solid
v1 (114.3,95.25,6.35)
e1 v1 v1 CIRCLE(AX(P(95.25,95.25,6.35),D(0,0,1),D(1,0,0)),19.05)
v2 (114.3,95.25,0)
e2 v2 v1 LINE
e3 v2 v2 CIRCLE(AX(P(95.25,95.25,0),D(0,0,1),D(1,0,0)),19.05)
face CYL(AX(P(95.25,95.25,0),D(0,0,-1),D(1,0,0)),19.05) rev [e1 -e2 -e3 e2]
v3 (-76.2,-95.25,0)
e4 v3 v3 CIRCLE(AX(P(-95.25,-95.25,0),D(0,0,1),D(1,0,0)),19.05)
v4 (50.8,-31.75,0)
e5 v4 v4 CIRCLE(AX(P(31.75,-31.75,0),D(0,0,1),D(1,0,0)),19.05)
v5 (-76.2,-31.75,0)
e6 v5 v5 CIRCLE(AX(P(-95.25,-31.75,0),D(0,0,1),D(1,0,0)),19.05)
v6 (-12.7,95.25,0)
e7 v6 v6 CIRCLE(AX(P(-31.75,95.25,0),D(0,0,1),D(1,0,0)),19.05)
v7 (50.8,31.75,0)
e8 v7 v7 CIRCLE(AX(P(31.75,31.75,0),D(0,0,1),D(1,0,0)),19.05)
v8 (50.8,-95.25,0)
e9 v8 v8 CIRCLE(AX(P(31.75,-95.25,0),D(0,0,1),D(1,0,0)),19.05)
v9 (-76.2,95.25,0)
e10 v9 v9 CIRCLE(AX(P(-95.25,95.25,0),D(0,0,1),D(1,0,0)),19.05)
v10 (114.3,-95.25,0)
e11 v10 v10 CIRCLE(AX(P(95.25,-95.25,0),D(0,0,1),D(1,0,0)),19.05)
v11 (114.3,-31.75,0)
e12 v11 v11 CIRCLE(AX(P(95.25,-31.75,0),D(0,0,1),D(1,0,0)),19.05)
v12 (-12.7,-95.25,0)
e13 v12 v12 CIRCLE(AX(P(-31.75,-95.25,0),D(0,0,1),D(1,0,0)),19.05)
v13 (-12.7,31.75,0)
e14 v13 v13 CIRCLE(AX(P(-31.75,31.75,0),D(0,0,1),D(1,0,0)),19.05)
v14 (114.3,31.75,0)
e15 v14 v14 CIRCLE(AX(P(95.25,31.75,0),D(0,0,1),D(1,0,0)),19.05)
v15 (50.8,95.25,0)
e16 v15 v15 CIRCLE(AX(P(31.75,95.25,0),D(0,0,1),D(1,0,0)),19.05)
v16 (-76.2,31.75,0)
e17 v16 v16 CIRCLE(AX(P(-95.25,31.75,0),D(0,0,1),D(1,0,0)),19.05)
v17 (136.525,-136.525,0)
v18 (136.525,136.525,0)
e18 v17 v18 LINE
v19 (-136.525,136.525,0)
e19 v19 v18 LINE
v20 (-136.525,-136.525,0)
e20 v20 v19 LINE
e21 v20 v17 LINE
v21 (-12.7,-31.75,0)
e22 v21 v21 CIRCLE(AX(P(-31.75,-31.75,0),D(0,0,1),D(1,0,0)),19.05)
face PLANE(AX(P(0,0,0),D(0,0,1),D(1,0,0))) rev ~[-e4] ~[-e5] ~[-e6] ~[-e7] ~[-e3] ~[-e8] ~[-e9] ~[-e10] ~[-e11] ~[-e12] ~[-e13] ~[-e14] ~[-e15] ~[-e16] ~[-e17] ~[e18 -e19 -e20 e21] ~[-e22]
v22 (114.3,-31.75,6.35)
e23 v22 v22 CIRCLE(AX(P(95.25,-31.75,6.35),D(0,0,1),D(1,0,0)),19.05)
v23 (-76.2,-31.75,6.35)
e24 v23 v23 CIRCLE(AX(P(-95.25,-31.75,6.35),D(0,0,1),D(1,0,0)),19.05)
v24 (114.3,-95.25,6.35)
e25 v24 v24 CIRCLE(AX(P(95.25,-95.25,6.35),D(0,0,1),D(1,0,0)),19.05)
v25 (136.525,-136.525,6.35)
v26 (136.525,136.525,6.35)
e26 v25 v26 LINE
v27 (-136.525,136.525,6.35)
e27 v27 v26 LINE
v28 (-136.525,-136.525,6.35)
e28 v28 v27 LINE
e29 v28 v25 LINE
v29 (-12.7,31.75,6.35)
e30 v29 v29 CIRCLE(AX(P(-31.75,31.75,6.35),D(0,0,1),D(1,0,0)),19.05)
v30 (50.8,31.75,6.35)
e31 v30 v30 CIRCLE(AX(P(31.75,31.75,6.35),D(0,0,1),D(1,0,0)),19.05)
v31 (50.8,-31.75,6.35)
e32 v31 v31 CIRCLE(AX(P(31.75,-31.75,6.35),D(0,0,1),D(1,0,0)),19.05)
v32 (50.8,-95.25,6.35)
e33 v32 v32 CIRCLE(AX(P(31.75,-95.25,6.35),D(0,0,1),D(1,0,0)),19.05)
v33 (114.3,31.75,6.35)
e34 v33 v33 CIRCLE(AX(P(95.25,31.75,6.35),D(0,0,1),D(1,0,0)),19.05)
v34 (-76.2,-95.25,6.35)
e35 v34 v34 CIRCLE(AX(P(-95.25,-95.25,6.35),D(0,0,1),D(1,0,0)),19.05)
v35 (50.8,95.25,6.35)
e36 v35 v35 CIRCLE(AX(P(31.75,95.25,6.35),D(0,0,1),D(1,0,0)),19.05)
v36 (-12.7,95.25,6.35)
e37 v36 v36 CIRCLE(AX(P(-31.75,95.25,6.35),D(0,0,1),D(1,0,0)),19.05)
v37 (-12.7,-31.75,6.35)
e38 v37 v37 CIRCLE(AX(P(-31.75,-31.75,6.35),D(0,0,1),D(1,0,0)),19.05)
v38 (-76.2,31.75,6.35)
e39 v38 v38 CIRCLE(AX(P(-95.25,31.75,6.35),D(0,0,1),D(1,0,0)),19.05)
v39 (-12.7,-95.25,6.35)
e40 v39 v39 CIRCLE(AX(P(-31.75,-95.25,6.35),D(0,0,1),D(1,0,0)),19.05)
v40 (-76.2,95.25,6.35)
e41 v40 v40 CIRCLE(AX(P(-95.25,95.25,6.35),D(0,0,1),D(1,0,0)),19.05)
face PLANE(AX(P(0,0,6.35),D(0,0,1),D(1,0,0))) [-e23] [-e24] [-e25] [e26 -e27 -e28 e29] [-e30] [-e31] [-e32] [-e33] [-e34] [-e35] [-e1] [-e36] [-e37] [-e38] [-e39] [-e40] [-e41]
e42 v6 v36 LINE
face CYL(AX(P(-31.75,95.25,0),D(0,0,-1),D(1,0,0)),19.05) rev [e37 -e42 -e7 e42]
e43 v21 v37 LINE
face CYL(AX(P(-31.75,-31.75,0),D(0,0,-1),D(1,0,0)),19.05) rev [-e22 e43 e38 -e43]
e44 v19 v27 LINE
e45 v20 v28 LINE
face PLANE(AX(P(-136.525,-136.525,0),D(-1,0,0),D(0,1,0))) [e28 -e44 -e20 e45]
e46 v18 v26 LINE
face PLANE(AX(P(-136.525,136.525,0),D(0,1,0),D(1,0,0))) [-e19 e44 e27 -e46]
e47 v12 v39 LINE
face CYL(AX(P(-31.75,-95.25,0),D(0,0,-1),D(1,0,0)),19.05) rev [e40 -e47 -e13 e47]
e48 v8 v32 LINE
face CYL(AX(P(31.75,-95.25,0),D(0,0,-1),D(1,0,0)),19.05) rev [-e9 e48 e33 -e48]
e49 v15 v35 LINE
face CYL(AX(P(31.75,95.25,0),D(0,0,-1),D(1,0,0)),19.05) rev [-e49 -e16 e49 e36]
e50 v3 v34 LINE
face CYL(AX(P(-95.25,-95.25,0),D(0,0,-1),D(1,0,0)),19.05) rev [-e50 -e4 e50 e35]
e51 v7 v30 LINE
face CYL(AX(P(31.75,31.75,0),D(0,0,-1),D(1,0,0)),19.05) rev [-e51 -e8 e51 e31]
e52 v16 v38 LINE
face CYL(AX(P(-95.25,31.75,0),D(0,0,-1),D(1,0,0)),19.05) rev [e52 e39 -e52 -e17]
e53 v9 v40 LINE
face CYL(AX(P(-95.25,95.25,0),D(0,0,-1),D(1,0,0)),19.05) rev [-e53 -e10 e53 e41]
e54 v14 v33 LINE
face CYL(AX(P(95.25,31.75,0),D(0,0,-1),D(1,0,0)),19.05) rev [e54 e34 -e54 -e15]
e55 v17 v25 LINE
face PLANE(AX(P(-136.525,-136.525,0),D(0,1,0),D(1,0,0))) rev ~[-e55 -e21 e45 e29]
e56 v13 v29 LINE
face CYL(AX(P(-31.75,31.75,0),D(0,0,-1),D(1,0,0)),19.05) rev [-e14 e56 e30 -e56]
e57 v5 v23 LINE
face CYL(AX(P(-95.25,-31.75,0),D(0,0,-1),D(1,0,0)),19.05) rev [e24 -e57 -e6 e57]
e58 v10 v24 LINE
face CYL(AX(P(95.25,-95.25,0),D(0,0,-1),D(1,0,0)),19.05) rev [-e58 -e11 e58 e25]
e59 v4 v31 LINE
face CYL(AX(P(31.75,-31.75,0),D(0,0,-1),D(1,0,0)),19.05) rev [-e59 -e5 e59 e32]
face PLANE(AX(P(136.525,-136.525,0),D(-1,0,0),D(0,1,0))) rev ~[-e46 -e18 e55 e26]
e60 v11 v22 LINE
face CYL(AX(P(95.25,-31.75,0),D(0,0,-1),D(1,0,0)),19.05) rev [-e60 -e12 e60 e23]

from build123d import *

# Parameters (mm, degrees)
F0_W     = 273.05
F0_H     = 273.05
F0_R     = 19.05
F1_DEPTH = 6.35


with BuildPart() as f1:
    # F0 (on Top) → F1 (new body)
    with BuildSketch(Plane.XY):
        Rectangle(F0_W, F0_H)
        with Locations((-95.25, -95.25)):
            Circle(F0_R, mode=Mode.SUBTRACT)
        with Locations((-31.75, -95.25)):
            Circle(F0_R, mode=Mode.SUBTRACT)
        with Locations((-95.25, -31.75)):
            Circle(F0_R, mode=Mode.SUBTRACT)
        with Locations((-31.75, -31.75)):
            Circle(F0_R, mode=Mode.SUBTRACT)
        with Locations((31.75, -95.25)):
            Circle(F0_R, mode=Mode.SUBTRACT)
        with Locations((95.25, -95.25)):
            Circle(F0_R, mode=Mode.SUBTRACT)
        with Locations((31.75, -31.75)):
            Circle(F0_R, mode=Mode.SUBTRACT)
        with Locations((95.25, -31.75)):
            Circle(F0_R, mode=Mode.SUBTRACT)
        with Locations((-95.25, 31.75)):
            Circle(F0_R, mode=Mode.SUBTRACT)
        with Locations((-31.75, 31.75)):
            Circle(F0_R, mode=Mode.SUBTRACT)
        with Locations((-95.25, 95.25)):
            Circle(F0_R, mode=Mode.SUBTRACT)
        with Locations((-31.75, 95.25)):
            Circle(F0_R, mode=Mode.SUBTRACT)
        with Locations((31.75, 31.75)):
            Circle(F0_R, mode=Mode.SUBTRACT)
        with Locations((95.25, 31.75)):
            Circle(F0_R, mode=Mode.SUBTRACT)
        with Locations((31.75, 95.25)):
            Circle(F0_R, mode=Mode.SUBTRACT)
        with Locations((95.25, 95.25)):
            Circle(F0_R, mode=Mode.SUBTRACT)
    extrude(amount=F1_DEPTH)


solid = f1.part
